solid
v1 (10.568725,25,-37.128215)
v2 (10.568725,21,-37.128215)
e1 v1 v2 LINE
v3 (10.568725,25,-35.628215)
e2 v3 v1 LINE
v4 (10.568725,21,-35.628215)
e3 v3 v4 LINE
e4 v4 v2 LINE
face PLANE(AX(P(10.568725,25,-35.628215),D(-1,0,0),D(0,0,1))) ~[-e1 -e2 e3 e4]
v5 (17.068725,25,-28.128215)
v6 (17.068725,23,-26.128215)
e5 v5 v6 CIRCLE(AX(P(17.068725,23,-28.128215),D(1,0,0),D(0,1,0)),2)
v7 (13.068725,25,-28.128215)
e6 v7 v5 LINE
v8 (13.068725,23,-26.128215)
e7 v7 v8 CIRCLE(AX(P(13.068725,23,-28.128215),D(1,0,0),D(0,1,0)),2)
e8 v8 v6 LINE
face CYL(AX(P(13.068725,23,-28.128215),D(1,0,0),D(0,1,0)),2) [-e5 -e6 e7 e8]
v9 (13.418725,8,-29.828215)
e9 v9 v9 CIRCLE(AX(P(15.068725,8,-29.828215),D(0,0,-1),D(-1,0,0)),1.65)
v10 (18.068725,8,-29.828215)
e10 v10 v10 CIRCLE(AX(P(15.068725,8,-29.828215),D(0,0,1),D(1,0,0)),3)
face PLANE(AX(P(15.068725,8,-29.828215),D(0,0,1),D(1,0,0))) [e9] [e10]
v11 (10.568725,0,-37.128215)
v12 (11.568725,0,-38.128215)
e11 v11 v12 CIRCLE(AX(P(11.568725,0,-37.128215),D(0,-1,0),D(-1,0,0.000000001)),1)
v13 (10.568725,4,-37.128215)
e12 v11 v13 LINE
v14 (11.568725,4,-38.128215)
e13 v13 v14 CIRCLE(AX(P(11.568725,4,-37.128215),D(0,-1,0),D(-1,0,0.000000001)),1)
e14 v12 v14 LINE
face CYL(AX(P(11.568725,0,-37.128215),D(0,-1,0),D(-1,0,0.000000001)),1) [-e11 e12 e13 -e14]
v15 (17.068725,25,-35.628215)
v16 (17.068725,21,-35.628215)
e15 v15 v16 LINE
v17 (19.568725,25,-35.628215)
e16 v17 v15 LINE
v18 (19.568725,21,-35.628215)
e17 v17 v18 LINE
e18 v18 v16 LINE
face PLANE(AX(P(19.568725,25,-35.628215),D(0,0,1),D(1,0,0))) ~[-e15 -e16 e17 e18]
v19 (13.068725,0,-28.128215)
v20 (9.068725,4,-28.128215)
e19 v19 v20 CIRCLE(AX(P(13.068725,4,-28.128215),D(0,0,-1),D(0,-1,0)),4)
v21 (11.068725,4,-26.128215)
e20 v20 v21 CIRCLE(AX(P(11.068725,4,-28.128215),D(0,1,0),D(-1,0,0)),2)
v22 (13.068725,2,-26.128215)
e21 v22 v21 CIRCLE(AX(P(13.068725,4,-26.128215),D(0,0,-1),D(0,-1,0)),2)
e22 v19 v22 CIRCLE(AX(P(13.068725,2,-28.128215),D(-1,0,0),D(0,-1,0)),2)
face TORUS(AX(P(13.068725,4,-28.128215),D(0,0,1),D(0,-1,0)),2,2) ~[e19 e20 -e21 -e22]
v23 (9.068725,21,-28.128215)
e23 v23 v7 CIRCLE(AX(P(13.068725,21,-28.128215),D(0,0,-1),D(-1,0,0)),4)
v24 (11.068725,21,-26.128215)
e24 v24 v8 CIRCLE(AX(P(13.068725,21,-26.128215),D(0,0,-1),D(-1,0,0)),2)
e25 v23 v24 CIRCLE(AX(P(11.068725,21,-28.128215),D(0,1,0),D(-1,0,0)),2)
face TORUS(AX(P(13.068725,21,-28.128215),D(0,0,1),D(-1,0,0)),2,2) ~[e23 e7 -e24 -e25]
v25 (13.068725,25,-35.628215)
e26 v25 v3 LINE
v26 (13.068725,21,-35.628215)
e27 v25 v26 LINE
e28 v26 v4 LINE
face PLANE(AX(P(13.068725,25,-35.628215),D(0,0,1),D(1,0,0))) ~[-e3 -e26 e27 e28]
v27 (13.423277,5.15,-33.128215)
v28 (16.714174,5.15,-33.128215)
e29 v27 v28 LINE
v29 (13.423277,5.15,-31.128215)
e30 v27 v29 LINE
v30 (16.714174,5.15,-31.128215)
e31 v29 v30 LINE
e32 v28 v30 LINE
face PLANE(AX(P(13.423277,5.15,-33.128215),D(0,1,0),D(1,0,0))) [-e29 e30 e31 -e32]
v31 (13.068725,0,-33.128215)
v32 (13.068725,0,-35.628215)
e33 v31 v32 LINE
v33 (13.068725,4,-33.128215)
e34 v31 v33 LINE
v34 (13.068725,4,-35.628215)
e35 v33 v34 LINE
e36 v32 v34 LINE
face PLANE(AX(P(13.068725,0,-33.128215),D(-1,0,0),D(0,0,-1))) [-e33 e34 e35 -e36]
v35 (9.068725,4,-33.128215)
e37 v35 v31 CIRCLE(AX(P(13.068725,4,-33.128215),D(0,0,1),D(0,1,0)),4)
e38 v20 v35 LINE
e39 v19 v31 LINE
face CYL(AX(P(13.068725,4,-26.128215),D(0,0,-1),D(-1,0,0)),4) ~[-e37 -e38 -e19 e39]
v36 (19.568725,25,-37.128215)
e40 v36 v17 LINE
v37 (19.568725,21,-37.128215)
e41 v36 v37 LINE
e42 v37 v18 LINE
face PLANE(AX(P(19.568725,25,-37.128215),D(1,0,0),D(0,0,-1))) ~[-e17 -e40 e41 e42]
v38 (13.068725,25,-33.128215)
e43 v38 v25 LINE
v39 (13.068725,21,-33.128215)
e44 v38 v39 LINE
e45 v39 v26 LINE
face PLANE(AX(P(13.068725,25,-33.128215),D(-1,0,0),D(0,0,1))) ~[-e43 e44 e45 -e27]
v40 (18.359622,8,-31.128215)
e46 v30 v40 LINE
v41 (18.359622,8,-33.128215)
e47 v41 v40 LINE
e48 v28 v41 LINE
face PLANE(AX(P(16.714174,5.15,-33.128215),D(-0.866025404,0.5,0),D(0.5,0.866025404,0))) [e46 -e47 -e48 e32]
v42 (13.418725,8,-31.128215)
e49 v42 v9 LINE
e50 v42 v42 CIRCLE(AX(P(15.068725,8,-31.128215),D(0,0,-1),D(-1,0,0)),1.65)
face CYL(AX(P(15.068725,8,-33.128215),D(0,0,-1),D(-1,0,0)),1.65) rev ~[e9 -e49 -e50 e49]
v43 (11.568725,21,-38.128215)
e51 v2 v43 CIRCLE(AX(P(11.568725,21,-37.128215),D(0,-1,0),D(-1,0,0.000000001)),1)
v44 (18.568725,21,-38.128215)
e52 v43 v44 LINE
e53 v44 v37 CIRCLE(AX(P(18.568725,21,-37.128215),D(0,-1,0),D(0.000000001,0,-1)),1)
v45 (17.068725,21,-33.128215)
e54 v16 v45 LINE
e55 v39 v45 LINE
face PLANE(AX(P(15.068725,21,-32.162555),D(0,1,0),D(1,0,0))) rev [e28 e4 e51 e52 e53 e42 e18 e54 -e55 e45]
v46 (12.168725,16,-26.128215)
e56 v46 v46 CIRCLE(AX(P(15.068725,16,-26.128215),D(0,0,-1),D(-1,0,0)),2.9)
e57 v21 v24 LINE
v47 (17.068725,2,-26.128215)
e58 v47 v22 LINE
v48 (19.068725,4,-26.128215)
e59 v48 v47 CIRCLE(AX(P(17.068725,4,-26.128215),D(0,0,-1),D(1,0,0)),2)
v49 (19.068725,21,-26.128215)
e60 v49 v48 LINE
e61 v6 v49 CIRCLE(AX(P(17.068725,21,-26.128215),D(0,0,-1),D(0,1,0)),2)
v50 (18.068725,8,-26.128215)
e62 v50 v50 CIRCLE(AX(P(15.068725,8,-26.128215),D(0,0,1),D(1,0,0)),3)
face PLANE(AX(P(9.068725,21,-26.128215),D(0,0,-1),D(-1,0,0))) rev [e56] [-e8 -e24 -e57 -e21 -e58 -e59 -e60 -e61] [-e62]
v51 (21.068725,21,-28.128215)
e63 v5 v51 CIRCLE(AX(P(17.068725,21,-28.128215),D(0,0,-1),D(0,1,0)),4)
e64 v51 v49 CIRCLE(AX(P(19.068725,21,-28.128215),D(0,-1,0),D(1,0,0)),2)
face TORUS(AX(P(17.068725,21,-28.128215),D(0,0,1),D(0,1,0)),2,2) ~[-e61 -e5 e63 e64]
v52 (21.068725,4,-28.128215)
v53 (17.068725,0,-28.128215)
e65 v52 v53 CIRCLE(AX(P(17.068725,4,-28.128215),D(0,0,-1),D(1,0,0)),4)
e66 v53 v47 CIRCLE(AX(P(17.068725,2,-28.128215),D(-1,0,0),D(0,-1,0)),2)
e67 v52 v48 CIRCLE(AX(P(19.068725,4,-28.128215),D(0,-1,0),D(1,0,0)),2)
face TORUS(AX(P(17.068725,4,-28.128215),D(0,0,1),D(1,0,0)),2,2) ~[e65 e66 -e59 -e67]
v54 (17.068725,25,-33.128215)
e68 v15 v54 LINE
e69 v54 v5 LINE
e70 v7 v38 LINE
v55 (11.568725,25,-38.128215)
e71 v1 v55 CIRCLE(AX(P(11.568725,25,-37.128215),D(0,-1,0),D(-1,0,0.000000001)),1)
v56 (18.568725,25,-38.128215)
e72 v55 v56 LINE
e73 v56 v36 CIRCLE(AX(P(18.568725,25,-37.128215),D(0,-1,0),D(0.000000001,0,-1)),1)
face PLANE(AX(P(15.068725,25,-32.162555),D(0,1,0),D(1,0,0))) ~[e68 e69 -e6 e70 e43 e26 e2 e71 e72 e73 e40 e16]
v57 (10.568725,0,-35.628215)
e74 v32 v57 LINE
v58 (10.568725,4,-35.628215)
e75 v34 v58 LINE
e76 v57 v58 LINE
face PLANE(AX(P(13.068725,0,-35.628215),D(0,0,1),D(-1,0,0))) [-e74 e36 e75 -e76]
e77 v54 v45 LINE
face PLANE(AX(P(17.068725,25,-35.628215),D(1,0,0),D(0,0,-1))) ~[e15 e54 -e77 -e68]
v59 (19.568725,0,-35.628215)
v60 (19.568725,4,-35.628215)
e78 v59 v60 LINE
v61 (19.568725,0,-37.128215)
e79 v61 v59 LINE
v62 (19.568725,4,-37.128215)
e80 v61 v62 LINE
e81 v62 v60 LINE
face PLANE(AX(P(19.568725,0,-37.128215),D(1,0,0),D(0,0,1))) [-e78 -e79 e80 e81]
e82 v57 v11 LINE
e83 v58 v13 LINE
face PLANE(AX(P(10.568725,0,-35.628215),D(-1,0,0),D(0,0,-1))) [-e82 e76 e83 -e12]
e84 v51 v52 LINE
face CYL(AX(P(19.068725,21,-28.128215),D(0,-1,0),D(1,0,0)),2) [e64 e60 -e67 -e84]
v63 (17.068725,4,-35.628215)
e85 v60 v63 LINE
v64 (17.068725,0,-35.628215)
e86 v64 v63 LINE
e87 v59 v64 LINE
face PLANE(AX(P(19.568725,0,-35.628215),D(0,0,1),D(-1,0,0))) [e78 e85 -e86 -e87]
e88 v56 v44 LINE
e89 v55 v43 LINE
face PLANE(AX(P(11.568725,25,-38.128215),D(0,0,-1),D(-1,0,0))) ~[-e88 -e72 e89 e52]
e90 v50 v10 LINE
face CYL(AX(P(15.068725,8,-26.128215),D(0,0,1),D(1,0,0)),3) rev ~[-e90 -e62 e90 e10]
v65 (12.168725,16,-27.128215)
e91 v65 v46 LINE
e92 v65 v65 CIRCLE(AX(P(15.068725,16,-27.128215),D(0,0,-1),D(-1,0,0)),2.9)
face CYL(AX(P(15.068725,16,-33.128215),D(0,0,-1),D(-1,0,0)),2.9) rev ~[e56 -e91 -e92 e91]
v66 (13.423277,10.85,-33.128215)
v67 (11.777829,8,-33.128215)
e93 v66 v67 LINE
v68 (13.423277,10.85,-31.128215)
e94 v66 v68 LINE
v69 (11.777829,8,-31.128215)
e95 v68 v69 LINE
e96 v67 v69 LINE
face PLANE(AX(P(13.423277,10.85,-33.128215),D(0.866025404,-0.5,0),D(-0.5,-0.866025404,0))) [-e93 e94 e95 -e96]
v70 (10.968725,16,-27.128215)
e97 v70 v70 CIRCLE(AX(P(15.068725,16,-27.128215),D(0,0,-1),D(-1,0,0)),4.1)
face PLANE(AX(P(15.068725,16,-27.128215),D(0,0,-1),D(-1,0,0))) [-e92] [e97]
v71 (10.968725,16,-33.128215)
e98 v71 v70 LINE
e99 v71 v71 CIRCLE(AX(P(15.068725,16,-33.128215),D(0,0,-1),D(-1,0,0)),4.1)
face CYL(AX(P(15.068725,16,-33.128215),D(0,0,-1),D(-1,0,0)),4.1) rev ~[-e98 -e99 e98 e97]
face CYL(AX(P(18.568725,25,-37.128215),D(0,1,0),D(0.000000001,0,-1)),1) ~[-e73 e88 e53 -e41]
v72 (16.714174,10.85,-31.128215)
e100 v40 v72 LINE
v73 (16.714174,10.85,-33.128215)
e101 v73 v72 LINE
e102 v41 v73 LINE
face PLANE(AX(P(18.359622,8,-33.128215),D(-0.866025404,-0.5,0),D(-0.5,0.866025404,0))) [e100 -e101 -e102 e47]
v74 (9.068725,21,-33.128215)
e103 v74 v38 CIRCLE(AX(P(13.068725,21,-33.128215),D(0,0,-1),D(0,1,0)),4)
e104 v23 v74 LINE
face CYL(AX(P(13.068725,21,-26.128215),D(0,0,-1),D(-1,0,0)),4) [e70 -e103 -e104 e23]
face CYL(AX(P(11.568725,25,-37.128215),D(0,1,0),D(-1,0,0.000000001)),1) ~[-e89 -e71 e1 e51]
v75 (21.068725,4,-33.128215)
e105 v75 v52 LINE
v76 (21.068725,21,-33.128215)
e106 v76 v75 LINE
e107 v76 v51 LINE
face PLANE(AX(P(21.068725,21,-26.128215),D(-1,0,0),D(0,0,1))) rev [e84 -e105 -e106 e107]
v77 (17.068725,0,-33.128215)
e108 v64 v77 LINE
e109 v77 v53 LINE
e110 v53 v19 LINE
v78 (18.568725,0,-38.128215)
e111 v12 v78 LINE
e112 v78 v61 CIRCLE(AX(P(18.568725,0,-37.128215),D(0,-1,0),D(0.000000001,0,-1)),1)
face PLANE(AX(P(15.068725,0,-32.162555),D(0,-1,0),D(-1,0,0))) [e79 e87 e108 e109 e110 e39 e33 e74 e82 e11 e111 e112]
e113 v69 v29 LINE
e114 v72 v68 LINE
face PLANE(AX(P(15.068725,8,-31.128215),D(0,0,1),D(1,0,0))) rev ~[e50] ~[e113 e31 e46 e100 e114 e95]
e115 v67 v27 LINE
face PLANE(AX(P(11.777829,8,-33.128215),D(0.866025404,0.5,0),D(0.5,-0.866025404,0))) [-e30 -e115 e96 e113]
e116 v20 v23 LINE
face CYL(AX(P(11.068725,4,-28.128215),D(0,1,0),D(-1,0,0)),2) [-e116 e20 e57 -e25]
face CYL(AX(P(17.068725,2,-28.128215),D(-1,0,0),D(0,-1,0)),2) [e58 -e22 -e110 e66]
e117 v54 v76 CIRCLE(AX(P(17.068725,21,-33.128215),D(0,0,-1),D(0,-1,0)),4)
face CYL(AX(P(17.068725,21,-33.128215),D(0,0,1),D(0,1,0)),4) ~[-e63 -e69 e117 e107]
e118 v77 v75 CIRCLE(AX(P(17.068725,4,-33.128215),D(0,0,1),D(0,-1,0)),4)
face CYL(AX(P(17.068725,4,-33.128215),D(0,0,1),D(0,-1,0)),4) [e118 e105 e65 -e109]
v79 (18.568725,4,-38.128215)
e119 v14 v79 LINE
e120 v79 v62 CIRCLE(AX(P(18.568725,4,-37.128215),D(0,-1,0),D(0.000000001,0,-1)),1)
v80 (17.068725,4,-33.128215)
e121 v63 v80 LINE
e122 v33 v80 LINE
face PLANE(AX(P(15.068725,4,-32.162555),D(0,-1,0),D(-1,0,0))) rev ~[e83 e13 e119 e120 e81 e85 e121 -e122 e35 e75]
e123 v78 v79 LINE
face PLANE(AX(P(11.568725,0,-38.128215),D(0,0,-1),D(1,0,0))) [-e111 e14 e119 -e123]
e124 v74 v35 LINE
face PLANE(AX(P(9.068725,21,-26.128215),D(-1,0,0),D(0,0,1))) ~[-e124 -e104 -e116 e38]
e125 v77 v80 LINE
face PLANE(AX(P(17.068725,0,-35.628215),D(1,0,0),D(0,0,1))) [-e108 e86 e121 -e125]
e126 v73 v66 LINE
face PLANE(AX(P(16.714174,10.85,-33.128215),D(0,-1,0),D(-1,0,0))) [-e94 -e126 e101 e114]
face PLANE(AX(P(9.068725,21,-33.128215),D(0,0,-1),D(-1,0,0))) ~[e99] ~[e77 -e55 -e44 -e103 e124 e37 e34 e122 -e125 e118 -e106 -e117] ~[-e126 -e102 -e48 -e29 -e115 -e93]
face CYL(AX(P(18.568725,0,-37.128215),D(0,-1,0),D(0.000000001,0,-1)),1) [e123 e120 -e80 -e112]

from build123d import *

# Parameters (mm, degrees)
BOSS_EXTRU_3_DEPTH      = 4
ESQUISSE3_W             = 12
ESQUISSE3_H             = 7
BOSS_EXTRU_4_DEPTH      = 8.5
ENL_V_MAT_EXTRU_1_REACH = 9
ESQUISSE4_R             = 1.65
ESQUISSE4_R_2           = 2.9
ESQUISSE5_R             = 4.1
ENL_V_MAT_EXTRU_2_DEPTH = 6
CONG_1_R                = 4
CONG_2_R                = 2
ESQUISSE6_R             = 3
ENL_V_MAT_EXTRU_3_DEPTH = 3.7
ENL_V_MAT_EXTRU_4_DEPTH = 2


with BuildPart() as part:
    # Esquisse2 → Boss.-Extru.3 (new body)
    with BuildSketch(Plane(origin=(0, 0, 0), x_dir=(1, 0, 0), z_dir=(0, 1, 0))):
        with BuildLine():
            Line((11.568725398, 38.128215269), (18.568725398, 38.128215269))
            ThreePointArc((18.568725398, 38.128215269), (19.275832179, 37.83532205), (19.568725398, 37.128215269))
            Line((19.568725398, 37.128215269), (19.568725398, 35.628215269))
            Line((19.568725398, 35.628215269), (17.068725398, 35.628215269))
            Line((17.068725398, 35.628215269), (17.068725398, 33.128215269))
            Line((17.068725398, 33.128215269), (21.068725398, 33.128215269))
            Line((21.068725398, 33.128215269), (21.068725398, 26.128215269))
            Line((21.068725398, 26.128215269), (9.068725398, 26.128215269))
            Line((9.068725398, 26.128215269), (9.068725398, 33.128215269))
            Line((9.068725398, 33.128215269), (13.068725398, 33.128215269))
            Line((13.068725398, 33.128215269), (13.068725398, 35.628215269))
            Line((13.068725398, 35.628215269), (10.568725398, 35.628215269))
            Line((10.568725398, 35.628215269), (10.568725398, 37.128215269))
            ThreePointArc((10.568725398, 37.128215269), (10.861618616, 37.83532205), (11.568725398, 38.128215269))
        make_face()
    extrude(amount=BOSS_EXTRU_3_DEPTH)

    # Esquisse3 → Boss.-Extru.4 (add)
    with BuildSketch(Plane(origin=(0, 4, 0), x_dir=(1, 0, 0), z_dir=(0, 1, 0))):
        with Locations((15.068725398, 29.628215269)):
            Rectangle(ESQUISSE3_W, ESQUISSE3_H)
    extrude(amount=BOSS_EXTRU_4_DEPTH)

    # Symétrie1: part across plane


with BuildPart() as part_1:
    add(part.part)
    add(part.part.mirror(Plane.ZX.offset(12.5)))

    # Esquisse4 → Enlèv. mat.-Extru.1 (cut, up to next)
    with BuildSketch(Plane(origin=(0, 0, -33.128215269), x_dir=(-1, 0, 0), z_dir=(0, 0, -1)), mode=Mode.PRIVATE) as enl_v_mat_extru_1_sk1:
        with Locations((-15.068725398, 8)):
            Circle(ESQUISSE4_R)
    enl_v_mat_extru_1_tool1 = extrude(enl_v_mat_extru_1_sk1.sketch, amount=-ENL_V_MAT_EXTRU_1_REACH, mode=Mode.PRIVATE) & part_1.part
    add(enl_v_mat_extru_1_tool1.solids().sort_by_distance((15.068725, 8, -33.128215))[0], mode=Mode.SUBTRACT)
    # Esquisse4 → Enlèv. mat.-Extru.1 (cut, up to next)
    with BuildSketch(Plane(origin=(0, 0, -33.128215269), x_dir=(-1, 0, 0), z_dir=(0, 0, -1)), mode=Mode.PRIVATE) as enl_v_mat_extru_1_sk2:
        with Locations((-15.068725398, 16)):
            Circle(ESQUISSE4_R_2)
    enl_v_mat_extru_1_tool2 = extrude(enl_v_mat_extru_1_sk2.sketch, amount=-ENL_V_MAT_EXTRU_1_REACH, mode=Mode.PRIVATE) & part_1.part
    add(enl_v_mat_extru_1_tool2.solids().sort_by_distance((15.068725, 16, -33.128215))[0], mode=Mode.SUBTRACT)

    # Esquisse5 → Enlèv. mat.-Extru.2 (cut)
    with BuildSketch(Plane(origin=(0, 0, -33.128215269), x_dir=(-1, 0, 0), z_dir=(0, 0, -1))):
        with Locations((-15.068725398, 16)):
            Circle(ESQUISSE5_R)
    extrude(amount=-ENL_V_MAT_EXTRU_2_DEPTH, mode=Mode.SUBTRACT)

    # Congé1
    cong_1_edges = [part_1.edges().sort_by_distance(p)[0] for p in [
        (9.068725398, 0, -29.628215269),
        (9.068725398, 25, -29.628215269),
        (21.068725398, 0, -29.628215269),
        (21.068725398, 25, -29.628215269),
    ]]
    fillet(cong_1_edges, radius=CONG_1_R)

    # Congé2
    cong_2_edges = [part_1.edges().sort_by_distance(p)[0] for p in [
        (9.068725398, 12.5, -26.128215269),
        (15.068725398, 0, -26.128215269),
        (21.068725398, 12.5, -26.128215269),
        (15.068725398, 25, -26.128215269),
        (19.897152522, 23.828427125, -26.128215269),
        (19.897152522, 1.171572875, -26.128215269),
        (10.240298273, 23.828427125, -26.128215269),
        (10.240298273, 1.171572875, -26.128215269),
    ]]
    fillet(cong_2_edges, radius=CONG_2_R)

    # Esquisse6 → Enlèv. mat.-Extru.3 (cut)
    with BuildSketch(Plane.XY.offset(-26.128215269)):
        with Locations((15.068725398, 8)):
            Circle(ESQUISSE6_R)
    extrude(amount=-ENL_V_MAT_EXTRU_3_DEPTH, mode=Mode.SUBTRACT)

    # Esquisse7 → Enlèv. mat.-Extru.4 (cut)
    with BuildSketch(Plane(origin=(0, 0, -33.128215269), x_dir=(-1, 0, 0), z_dir=(0, 0, -1))):
        Polygon((-16.714173665, 10.85), (-13.42327713, 10.85), (-11.777828863, 8), (-13.42327713, 5.15), (-16.714173665, 5.15), (-18.359621932, 8), align=None)
    extrude(amount=-ENL_V_MAT_EXTRU_4_DEPTH, mode=Mode.SUBTRACT)


solid = part_1.part
